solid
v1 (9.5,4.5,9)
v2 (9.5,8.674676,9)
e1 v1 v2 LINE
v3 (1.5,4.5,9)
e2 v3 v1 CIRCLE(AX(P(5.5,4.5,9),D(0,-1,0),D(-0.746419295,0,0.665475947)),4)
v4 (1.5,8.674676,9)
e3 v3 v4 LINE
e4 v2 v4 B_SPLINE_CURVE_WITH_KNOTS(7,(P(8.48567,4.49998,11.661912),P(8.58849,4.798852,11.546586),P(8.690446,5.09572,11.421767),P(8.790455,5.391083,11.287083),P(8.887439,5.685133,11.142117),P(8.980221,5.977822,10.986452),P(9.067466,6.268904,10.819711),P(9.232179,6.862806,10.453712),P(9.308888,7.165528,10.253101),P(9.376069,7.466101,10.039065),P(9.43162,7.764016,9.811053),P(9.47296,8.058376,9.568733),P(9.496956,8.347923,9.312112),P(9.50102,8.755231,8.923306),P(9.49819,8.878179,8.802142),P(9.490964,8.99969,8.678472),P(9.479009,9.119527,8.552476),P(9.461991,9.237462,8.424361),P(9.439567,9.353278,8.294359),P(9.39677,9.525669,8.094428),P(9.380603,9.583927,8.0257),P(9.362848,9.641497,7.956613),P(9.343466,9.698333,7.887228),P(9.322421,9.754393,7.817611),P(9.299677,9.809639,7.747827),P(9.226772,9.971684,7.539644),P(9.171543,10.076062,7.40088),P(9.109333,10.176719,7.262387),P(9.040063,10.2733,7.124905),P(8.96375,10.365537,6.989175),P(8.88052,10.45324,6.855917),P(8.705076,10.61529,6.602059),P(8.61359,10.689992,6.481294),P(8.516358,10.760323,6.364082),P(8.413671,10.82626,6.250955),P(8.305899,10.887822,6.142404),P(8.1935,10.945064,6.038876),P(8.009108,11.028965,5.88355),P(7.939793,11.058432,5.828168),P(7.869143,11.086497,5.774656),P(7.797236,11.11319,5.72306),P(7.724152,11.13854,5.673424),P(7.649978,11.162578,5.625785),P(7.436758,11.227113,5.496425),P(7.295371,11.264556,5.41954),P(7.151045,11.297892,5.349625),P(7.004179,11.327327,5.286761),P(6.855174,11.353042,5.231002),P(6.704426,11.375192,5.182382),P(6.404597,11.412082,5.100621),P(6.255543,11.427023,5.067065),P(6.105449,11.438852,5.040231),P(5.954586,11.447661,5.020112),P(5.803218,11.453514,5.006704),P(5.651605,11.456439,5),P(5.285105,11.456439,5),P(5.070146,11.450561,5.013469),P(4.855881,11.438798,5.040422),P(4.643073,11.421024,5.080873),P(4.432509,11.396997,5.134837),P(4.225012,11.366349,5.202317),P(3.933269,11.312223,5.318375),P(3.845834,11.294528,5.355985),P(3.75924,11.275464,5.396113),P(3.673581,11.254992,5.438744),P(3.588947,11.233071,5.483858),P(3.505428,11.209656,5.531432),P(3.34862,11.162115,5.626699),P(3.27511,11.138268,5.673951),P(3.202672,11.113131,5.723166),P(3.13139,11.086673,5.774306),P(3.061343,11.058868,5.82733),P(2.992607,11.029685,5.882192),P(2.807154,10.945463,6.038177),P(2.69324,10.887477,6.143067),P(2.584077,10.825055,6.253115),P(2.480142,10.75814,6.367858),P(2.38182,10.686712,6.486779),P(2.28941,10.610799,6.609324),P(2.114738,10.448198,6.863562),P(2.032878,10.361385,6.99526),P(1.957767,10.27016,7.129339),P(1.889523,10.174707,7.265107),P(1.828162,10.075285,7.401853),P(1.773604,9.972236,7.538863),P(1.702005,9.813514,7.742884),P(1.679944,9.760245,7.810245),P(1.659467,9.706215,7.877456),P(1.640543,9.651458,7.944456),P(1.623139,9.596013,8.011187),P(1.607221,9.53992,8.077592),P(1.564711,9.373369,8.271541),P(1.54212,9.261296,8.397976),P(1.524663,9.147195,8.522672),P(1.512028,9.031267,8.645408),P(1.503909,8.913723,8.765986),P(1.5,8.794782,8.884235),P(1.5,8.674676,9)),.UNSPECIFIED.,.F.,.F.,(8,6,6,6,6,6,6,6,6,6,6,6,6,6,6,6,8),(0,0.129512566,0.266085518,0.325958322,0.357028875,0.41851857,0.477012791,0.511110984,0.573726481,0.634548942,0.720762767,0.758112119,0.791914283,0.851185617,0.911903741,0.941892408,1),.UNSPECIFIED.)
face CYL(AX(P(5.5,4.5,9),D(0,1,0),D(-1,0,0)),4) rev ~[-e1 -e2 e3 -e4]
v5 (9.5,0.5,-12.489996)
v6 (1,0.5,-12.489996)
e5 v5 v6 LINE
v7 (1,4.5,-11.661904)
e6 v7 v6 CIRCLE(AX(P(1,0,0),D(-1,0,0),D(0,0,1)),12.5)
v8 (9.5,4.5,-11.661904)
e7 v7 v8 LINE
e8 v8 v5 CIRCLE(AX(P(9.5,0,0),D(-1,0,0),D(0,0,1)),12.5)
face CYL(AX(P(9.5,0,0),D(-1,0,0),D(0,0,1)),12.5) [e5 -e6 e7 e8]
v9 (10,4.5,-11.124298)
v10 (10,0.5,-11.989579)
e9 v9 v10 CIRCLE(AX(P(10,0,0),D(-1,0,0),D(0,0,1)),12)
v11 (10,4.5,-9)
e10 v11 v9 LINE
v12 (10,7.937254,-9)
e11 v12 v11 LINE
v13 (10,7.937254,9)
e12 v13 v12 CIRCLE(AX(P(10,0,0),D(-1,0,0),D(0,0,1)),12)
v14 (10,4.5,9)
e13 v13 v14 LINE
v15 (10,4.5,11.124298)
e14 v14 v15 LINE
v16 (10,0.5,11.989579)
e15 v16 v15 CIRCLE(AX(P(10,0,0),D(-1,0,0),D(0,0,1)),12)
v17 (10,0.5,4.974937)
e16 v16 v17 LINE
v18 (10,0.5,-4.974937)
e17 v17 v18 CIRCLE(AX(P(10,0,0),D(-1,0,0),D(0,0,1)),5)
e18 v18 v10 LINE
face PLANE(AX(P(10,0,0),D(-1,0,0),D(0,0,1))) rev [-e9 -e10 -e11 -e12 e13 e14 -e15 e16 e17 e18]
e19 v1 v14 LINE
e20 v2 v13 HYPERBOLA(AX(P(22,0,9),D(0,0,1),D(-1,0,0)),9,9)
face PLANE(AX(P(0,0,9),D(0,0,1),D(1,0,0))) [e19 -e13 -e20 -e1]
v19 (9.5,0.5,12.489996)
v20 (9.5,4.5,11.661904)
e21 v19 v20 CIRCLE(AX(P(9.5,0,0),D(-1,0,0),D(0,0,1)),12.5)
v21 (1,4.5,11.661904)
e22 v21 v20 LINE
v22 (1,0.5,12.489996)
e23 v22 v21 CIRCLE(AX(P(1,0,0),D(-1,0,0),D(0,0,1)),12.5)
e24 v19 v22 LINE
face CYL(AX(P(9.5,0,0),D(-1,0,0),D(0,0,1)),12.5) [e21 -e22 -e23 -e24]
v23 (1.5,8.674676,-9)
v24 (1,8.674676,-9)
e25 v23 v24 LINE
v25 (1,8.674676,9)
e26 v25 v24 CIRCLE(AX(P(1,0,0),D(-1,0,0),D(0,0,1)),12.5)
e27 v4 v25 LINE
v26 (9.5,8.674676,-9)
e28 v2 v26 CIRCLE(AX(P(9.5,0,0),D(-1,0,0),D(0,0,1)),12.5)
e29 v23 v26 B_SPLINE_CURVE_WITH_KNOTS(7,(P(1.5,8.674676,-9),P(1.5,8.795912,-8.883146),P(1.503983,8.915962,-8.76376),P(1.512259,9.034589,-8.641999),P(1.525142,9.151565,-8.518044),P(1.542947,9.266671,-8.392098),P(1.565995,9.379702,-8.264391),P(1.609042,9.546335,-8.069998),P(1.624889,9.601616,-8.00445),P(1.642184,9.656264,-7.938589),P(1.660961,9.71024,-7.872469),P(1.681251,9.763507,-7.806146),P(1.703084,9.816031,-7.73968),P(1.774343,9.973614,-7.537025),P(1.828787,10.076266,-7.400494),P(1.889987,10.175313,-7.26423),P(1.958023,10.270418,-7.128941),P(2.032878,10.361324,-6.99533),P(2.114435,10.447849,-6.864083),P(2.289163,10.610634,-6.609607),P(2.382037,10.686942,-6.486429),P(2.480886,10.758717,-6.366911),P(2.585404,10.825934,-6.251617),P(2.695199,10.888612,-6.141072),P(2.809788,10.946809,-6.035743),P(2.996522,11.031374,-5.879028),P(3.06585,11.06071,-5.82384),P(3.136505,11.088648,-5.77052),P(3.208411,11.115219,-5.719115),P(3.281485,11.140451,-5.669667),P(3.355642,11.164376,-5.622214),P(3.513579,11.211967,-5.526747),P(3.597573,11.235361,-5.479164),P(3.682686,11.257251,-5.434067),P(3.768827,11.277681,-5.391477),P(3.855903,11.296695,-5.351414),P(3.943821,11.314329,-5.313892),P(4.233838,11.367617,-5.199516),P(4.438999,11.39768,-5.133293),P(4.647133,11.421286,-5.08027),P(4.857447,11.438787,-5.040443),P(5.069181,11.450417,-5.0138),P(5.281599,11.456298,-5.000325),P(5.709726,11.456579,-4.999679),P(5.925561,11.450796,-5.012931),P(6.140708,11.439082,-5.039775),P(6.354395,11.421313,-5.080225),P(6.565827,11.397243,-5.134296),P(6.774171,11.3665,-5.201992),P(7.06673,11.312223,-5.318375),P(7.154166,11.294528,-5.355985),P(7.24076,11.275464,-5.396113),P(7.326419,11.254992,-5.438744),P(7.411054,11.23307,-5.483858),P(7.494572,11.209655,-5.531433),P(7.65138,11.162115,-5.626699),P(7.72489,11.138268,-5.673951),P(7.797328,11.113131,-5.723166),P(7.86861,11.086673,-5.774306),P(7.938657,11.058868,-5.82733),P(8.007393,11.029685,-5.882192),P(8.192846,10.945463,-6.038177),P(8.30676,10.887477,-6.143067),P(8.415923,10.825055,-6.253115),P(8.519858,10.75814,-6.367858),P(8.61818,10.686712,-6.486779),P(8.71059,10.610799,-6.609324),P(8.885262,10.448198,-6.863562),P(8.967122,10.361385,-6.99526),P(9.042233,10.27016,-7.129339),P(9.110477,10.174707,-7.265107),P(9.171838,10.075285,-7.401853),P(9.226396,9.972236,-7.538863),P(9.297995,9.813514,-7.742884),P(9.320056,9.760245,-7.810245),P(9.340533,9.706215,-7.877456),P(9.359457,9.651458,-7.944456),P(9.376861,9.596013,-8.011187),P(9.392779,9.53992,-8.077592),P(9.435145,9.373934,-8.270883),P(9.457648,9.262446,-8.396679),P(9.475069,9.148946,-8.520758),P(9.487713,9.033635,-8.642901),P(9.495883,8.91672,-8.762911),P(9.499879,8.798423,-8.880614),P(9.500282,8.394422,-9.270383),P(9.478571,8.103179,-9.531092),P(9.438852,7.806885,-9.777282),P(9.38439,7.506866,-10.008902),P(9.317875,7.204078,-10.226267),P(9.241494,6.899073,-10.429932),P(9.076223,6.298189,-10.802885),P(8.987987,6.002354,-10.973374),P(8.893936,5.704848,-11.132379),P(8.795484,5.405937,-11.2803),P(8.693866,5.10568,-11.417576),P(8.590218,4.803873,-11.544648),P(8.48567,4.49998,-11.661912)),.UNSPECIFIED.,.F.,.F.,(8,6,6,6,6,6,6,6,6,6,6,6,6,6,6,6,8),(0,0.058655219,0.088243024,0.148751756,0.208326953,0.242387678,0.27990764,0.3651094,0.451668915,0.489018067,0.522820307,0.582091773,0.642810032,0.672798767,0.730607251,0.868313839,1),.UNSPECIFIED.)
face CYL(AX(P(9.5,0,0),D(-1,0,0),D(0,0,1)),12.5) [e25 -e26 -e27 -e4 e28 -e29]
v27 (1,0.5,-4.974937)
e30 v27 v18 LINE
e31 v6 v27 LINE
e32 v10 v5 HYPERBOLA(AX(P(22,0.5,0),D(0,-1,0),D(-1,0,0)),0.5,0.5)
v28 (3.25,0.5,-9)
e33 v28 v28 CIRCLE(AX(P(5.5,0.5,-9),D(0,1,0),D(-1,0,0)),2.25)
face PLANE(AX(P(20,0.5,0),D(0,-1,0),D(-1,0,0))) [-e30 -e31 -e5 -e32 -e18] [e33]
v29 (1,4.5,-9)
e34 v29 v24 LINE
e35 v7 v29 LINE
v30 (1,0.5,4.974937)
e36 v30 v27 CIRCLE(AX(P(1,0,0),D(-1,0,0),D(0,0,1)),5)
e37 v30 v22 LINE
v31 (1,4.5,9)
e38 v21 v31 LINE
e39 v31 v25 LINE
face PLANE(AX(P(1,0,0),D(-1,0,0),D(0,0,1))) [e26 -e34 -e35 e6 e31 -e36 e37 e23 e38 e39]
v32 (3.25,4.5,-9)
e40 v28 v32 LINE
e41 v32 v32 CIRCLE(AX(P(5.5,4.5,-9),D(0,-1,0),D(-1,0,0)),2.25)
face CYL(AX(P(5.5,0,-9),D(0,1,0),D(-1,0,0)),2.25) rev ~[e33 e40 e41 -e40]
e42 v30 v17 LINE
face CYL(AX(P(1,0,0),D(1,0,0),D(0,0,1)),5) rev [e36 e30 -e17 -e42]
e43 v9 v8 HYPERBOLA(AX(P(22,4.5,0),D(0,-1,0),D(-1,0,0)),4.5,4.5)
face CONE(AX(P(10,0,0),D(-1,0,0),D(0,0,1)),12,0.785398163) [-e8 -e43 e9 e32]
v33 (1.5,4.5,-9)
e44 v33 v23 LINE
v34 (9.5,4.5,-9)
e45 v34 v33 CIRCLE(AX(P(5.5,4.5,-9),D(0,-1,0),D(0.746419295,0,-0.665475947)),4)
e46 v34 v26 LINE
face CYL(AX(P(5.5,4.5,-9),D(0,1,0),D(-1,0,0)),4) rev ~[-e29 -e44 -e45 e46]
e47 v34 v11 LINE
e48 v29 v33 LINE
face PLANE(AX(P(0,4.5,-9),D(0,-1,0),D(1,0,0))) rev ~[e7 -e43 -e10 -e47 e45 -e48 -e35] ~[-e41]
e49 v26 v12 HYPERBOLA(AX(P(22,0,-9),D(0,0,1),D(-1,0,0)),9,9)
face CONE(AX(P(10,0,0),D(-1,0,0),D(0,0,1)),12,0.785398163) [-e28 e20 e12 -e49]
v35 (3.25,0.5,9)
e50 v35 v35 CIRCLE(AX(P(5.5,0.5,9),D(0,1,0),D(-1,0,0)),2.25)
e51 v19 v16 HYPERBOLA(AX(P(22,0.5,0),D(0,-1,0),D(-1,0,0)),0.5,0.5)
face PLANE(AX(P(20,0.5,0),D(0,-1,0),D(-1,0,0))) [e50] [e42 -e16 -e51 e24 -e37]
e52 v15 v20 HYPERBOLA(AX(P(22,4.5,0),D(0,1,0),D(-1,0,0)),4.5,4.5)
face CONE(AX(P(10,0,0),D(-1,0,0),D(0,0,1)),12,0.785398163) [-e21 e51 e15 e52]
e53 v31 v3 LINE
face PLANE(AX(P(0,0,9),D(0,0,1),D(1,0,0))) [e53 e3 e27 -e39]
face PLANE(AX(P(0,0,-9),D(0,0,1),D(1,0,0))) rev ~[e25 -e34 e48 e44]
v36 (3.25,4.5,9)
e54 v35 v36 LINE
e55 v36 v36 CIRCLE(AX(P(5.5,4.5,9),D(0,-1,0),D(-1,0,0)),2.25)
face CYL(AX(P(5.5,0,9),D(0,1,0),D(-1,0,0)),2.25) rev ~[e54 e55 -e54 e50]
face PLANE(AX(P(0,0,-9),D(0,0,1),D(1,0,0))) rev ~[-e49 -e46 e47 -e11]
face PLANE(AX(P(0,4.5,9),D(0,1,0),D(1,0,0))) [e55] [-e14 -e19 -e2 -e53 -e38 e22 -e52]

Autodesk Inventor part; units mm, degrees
sketch "Sketch_1" plane through (0, 0, 0) normal (0, 0, 1) x (1, 0, 0)
  line L0 (10, 0) -> (0, 0)
  line L1 (1, 5) -> (10, 5)
  line L2 (10, 5) -> (10, 12)
  line L3 (10, 12) -> (9.5, 12.5)
  line L4 (9.5, 12.5) -> (1, 12.5)
  line L5 (1, 12.5) -> (1, 5)
revolve "Revolution1" add sketch "Sketch_1" angle 180 mid plane about axis through (10, 0, 0) along (-1, 0, 0)
sketch "Sketch_2" plane through (0, 0, 0) normal (0, 0, 1) x (1, 0, 0)
  line L0 (0, 0.5) -> (0, 0)
  line L1 (0, 0) -> (20, 0)
  line L2 (20, 0) -> (20, 0.5)
  line L3 (20, 0.5) -> (0, 0.5)
extrude "Extrusion1" cut sketch "Sketch_2" along normal mid plane 50
sketch "Sketch_3" plane through (0, 0, 9) normal (0, 0, 1) x (1, 0, 0)
  line L0 (5.5, 12.5) -> (5.5, 0)
  line L1 (5.5, 0) -> (3.25, 0)
  line L2 (3.25, 0) -> (3.25, 4.5)
  line L3 (3.25, 4.5) -> (1.5, 4.5)
  line L4 (1.5, 4.5) -> (1.5, 12.5)
  line L5 (1.5, 12.5) -> (5.5, 12.5)
  line L6 (5.5, 12.5) -> (5.5, 0)
revolve "Revolution2" cut sketch "Sketch_3" angle 360 about axis through (5.5, 12.5, 9) along (0, 1, 0)
sketch "Sketch_4" plane through (0, 0, -9) normal (0, 0, 1) x (1, 0, 0)
  line L0 (5.5, 12.5) -> (5.5, 0)
  line L1 (5.5, 0) -> (3.25, 0)
  line L2 (3.25, 0) -> (3.25, 4.5)
  line L3 (3.25, 4.5) -> (1.5, 4.5)
  line L4 (1.5, 4.5) -> (1.5, 12.5)
  line L5 (1.5, 12.5) -> (5.5, 12.5)
  line L6 (5.5, 12.5) -> (5.5, 0)
revolve "Revolution3" cut sketch "Sketch_4" angle 360 about axis through (5.5, 12.5, -9) along (0, 1, 0)
sketch "Sketch_5" plane through (0, 0, 9) normal (0, 0, 1) x (1, 0, 0)
  line L0 (0, 17) -> (0, 4.5)
  line L1 (0, 4.5) -> (20, 4.5)
  line L2 (20, 4.5) -> (20, 17)
  line L3 (20, 17) -> (0, 17)
extrude "Extrusion2" cut sketch "Sketch_5" along normal blind 25
sketch "Sketch_6" plane through (0, 0, -9) normal (0, 0, 1) x (1, 0, 0)
  line L0 (0, 17) -> (0, 4.5)
  line L1 (0, 4.5) -> (20, 4.5)
  line L2 (20, 4.5) -> (20, 17)
  line L3 (20, 17) -> (0, 17)
extrude "Extrusion3" cut sketch "Sketch_6" against normal blind 25
ref_plane "part2_to_part1_XY" through (0, 0, 0) normal (1, 0, 0) x (0, 0, -1)
ref_plane "part2_to_part1_YZ" through (0, 0, 0) normal (0, 0, -1) x (0, 1, 0)
ref_plane "part2_to_part1_ZX" through (0, 0, 0) normal (0, 1, 0) x (1, 0, 0)
ref_plane "part2_to_screw1_XY" through (5.5, 4.5, 9) normal (0, 1, 0) x (1, 0, 0)
ref_plane "part2_to_screw1_YZ" through (5.5, 4.5, 9) normal (1, 0, 0) x (0, 0, -1)
ref_plane "part2_to_screw1_ZX" through (5.5, 4.5, 9) normal (0, 0, -1) x (0, 1, 0)
ref_plane "part2_to_screw2_XY" through (5.5, 4.5, -9) normal (0, 1, 0) x (1, 0, 0)
ref_plane "part2_to_screw2_YZ" through (5.5, 4.5, -9) normal (1, 0, 0) x (0, 0, -1)
ref_plane "part2_to_screw2_ZX" through (5.5, 4.5, -9) normal (0, 0, -1) x (0, 1, 0)
properties part number "MBRAC45-2-10p2"
